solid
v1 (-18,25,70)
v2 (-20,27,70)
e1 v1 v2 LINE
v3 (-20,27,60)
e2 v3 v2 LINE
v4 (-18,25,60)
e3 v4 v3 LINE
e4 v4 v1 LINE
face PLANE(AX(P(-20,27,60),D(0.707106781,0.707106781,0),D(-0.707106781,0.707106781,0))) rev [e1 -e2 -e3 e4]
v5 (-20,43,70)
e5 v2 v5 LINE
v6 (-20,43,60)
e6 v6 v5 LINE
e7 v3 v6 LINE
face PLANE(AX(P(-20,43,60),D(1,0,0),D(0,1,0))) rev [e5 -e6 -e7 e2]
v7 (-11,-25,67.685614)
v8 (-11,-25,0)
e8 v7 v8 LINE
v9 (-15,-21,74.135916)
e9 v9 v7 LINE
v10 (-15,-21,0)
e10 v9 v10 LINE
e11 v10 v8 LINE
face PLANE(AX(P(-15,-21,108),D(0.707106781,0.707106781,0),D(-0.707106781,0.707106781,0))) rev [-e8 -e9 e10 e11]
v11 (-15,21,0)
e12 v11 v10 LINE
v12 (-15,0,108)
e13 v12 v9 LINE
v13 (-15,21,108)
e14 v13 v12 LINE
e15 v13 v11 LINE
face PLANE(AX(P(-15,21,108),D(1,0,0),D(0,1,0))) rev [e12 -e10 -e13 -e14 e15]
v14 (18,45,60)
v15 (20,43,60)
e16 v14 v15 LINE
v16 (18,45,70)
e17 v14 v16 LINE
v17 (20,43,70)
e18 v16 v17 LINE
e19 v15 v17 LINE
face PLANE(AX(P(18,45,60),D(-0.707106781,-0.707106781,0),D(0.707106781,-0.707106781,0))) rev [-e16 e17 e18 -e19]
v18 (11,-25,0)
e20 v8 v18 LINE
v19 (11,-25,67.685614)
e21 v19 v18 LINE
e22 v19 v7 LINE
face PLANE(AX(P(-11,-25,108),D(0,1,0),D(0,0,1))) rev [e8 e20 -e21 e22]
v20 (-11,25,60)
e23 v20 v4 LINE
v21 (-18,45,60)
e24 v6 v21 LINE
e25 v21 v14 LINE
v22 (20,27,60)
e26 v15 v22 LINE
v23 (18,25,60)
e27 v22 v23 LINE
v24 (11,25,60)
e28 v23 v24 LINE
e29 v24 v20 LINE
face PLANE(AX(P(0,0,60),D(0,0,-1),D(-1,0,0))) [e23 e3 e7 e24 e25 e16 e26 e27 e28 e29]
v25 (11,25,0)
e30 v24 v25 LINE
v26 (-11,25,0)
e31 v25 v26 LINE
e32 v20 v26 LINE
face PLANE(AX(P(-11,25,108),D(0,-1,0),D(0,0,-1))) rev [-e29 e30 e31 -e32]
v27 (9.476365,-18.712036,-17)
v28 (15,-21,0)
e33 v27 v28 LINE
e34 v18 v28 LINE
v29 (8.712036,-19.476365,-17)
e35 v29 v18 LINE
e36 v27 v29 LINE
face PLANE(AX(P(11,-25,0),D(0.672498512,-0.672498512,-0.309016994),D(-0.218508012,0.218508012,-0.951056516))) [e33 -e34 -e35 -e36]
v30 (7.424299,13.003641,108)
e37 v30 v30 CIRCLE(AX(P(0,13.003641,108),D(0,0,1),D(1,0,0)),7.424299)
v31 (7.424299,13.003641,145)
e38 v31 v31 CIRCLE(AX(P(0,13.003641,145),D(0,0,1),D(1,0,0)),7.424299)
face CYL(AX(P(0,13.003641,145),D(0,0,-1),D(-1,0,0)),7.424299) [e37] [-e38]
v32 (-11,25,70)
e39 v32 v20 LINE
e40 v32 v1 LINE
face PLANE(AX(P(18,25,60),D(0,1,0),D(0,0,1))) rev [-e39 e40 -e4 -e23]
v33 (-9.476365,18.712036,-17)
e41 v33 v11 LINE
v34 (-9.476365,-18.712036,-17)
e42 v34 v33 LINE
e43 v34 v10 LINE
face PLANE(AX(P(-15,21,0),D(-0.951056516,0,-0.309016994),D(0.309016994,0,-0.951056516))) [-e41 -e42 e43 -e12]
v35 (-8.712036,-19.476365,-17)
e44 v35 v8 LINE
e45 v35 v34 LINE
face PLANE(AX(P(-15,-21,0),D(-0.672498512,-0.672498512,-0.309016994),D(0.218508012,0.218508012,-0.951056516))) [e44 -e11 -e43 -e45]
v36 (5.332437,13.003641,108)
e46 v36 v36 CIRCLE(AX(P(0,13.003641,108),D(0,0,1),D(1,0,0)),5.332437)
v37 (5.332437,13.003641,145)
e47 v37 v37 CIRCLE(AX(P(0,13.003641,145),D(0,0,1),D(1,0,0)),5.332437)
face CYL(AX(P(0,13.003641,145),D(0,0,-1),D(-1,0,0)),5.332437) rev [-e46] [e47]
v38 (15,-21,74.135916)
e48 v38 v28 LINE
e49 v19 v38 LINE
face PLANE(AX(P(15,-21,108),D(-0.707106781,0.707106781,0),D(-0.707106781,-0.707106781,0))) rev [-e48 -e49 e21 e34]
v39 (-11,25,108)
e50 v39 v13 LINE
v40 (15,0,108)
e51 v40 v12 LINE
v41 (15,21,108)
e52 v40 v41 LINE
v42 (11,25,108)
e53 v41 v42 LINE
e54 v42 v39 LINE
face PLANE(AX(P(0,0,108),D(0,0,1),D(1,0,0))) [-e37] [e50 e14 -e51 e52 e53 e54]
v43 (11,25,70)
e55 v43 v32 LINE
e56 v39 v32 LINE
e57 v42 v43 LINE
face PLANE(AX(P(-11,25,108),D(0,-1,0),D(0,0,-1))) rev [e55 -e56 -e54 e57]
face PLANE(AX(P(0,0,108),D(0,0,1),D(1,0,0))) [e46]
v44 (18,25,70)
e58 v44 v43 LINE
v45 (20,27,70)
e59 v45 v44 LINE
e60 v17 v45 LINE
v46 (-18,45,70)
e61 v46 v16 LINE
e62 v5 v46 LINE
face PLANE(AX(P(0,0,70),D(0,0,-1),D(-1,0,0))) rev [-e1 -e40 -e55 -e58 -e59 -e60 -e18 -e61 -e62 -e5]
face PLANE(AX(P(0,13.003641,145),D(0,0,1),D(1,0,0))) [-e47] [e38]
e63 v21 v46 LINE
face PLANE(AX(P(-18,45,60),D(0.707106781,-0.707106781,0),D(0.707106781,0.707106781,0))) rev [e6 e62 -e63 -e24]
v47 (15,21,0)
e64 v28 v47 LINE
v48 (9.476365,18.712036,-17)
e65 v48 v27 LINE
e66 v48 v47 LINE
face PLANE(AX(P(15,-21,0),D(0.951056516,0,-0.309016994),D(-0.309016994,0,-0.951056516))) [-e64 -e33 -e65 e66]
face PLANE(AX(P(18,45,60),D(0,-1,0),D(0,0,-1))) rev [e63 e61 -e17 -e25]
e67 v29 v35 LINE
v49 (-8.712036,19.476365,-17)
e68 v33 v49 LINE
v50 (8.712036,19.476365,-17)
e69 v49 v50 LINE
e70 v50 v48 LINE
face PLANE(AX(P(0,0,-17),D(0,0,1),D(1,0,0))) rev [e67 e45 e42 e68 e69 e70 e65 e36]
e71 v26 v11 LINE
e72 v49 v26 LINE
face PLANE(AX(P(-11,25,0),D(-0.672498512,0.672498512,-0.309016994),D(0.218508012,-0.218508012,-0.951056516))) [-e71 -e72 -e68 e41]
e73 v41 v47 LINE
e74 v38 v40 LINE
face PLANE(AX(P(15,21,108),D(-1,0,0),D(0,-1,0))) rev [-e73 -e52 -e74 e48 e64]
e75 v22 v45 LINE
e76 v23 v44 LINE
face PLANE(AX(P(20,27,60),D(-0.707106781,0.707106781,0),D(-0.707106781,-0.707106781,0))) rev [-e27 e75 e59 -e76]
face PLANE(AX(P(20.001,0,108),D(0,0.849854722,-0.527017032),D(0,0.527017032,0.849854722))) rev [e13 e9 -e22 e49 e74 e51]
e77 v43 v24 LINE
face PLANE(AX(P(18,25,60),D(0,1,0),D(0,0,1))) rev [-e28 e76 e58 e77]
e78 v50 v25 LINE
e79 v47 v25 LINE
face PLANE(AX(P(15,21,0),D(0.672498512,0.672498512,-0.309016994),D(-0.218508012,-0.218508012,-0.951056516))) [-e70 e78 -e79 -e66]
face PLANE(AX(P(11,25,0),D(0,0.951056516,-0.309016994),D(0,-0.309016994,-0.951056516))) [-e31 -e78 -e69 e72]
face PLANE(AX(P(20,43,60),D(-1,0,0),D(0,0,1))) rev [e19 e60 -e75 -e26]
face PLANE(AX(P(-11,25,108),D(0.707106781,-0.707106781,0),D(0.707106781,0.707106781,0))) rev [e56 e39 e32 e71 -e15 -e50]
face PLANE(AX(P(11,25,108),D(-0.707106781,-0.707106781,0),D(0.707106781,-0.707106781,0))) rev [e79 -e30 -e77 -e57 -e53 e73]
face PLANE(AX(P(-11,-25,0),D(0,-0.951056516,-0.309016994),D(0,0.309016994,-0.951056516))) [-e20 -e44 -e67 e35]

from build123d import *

# Parameters (mm, degrees)
BOSS_EXTRUDE1_DEPTH = 108
SKETCH2_R           = 7.424298736
SKETCH2_R_2         = 5.332436938
BOSS_EXTRUDE2_DEPTH = 37
BOSS_EXTRUDE3_DEPTH = 10
CUT_EXTRUDE1_REACH  = 157.804
BOSS_EXTRUDE5_DEPTH = 17
BOSS_EXTRUDE5_TAPER = 18


with BuildPart() as part:
    # Sketch1 → Boss-Extrude1 (new body)
    with BuildSketch(Plane.XY):
        Polygon((-11, 25), (-15, 21), (-15, -21), (-11, -25), (11, -25), (15, -21), (15, 21), (11, 25), align=None)
    extrude(amount=BOSS_EXTRUDE1_DEPTH)

    # Sketch2 → Boss-Extrude2 (add)
    with BuildSketch(Plane.XY.offset(108)):
        with Locations((0, 13.003641212)):
            Circle(SKETCH2_R)
        with Locations((0, 13.003641212)):
            Circle(SKETCH2_R_2, mode=Mode.SUBTRACT)
    extrude(amount=BOSS_EXTRUDE2_DEPTH)

    # Sketch3 → Boss-Extrude3 (add)
    with BuildSketch(Plane(origin=(0, 0, 70), x_dir=(-1, 0, 0), z_dir=(0, 0, -1))):
        Polygon((-18, 45), (18, 45), (20, 43), (20, 27), (18, 25), (-18, 25), (-20, 27), (-20, 43), align=None)
    extrude(amount=BOSS_EXTRUDE3_DEPTH)

    # Sketch4 → Cut-Extrude1 (cut, up to next)
    with BuildSketch(Plane.ZY.offset(15), mode=Mode.PRIVATE) as cut_extrude1_sk1:
        Polygon((108, 0), (67.685614015, -25), (108, -25), align=None)
    cut_extrude1_tool1 = extrude(cut_extrude1_sk1.sketch, amount=-CUT_EXTRUDE1_REACH, mode=Mode.PRIVATE) & part.part
    add(cut_extrude1_tool1.solids().sort_by_distance((-15, -16.666667, 94.561871))[0], mode=Mode.SUBTRACT)

    # Sketch5 → Boss-Extrude5 (add)
    with BuildSketch(Plane(origin=(-28.517335014, 0, 0), x_dir=(-1, 0, 0), z_dir=(0, 0, -1))):
        Polygon((-43.517335014, 21), (-43.517335014, -21), (-39.517335014, -25), (-17.517335014, -25), (-13.517335014, -21), (-13.517335014, 21), (-17.517335014, 25), (-39.517335014, 25), align=None)
    extrude(amount=BOSS_EXTRUDE5_DEPTH, taper=BOSS_EXTRUDE5_TAPER)


solid = part.part
